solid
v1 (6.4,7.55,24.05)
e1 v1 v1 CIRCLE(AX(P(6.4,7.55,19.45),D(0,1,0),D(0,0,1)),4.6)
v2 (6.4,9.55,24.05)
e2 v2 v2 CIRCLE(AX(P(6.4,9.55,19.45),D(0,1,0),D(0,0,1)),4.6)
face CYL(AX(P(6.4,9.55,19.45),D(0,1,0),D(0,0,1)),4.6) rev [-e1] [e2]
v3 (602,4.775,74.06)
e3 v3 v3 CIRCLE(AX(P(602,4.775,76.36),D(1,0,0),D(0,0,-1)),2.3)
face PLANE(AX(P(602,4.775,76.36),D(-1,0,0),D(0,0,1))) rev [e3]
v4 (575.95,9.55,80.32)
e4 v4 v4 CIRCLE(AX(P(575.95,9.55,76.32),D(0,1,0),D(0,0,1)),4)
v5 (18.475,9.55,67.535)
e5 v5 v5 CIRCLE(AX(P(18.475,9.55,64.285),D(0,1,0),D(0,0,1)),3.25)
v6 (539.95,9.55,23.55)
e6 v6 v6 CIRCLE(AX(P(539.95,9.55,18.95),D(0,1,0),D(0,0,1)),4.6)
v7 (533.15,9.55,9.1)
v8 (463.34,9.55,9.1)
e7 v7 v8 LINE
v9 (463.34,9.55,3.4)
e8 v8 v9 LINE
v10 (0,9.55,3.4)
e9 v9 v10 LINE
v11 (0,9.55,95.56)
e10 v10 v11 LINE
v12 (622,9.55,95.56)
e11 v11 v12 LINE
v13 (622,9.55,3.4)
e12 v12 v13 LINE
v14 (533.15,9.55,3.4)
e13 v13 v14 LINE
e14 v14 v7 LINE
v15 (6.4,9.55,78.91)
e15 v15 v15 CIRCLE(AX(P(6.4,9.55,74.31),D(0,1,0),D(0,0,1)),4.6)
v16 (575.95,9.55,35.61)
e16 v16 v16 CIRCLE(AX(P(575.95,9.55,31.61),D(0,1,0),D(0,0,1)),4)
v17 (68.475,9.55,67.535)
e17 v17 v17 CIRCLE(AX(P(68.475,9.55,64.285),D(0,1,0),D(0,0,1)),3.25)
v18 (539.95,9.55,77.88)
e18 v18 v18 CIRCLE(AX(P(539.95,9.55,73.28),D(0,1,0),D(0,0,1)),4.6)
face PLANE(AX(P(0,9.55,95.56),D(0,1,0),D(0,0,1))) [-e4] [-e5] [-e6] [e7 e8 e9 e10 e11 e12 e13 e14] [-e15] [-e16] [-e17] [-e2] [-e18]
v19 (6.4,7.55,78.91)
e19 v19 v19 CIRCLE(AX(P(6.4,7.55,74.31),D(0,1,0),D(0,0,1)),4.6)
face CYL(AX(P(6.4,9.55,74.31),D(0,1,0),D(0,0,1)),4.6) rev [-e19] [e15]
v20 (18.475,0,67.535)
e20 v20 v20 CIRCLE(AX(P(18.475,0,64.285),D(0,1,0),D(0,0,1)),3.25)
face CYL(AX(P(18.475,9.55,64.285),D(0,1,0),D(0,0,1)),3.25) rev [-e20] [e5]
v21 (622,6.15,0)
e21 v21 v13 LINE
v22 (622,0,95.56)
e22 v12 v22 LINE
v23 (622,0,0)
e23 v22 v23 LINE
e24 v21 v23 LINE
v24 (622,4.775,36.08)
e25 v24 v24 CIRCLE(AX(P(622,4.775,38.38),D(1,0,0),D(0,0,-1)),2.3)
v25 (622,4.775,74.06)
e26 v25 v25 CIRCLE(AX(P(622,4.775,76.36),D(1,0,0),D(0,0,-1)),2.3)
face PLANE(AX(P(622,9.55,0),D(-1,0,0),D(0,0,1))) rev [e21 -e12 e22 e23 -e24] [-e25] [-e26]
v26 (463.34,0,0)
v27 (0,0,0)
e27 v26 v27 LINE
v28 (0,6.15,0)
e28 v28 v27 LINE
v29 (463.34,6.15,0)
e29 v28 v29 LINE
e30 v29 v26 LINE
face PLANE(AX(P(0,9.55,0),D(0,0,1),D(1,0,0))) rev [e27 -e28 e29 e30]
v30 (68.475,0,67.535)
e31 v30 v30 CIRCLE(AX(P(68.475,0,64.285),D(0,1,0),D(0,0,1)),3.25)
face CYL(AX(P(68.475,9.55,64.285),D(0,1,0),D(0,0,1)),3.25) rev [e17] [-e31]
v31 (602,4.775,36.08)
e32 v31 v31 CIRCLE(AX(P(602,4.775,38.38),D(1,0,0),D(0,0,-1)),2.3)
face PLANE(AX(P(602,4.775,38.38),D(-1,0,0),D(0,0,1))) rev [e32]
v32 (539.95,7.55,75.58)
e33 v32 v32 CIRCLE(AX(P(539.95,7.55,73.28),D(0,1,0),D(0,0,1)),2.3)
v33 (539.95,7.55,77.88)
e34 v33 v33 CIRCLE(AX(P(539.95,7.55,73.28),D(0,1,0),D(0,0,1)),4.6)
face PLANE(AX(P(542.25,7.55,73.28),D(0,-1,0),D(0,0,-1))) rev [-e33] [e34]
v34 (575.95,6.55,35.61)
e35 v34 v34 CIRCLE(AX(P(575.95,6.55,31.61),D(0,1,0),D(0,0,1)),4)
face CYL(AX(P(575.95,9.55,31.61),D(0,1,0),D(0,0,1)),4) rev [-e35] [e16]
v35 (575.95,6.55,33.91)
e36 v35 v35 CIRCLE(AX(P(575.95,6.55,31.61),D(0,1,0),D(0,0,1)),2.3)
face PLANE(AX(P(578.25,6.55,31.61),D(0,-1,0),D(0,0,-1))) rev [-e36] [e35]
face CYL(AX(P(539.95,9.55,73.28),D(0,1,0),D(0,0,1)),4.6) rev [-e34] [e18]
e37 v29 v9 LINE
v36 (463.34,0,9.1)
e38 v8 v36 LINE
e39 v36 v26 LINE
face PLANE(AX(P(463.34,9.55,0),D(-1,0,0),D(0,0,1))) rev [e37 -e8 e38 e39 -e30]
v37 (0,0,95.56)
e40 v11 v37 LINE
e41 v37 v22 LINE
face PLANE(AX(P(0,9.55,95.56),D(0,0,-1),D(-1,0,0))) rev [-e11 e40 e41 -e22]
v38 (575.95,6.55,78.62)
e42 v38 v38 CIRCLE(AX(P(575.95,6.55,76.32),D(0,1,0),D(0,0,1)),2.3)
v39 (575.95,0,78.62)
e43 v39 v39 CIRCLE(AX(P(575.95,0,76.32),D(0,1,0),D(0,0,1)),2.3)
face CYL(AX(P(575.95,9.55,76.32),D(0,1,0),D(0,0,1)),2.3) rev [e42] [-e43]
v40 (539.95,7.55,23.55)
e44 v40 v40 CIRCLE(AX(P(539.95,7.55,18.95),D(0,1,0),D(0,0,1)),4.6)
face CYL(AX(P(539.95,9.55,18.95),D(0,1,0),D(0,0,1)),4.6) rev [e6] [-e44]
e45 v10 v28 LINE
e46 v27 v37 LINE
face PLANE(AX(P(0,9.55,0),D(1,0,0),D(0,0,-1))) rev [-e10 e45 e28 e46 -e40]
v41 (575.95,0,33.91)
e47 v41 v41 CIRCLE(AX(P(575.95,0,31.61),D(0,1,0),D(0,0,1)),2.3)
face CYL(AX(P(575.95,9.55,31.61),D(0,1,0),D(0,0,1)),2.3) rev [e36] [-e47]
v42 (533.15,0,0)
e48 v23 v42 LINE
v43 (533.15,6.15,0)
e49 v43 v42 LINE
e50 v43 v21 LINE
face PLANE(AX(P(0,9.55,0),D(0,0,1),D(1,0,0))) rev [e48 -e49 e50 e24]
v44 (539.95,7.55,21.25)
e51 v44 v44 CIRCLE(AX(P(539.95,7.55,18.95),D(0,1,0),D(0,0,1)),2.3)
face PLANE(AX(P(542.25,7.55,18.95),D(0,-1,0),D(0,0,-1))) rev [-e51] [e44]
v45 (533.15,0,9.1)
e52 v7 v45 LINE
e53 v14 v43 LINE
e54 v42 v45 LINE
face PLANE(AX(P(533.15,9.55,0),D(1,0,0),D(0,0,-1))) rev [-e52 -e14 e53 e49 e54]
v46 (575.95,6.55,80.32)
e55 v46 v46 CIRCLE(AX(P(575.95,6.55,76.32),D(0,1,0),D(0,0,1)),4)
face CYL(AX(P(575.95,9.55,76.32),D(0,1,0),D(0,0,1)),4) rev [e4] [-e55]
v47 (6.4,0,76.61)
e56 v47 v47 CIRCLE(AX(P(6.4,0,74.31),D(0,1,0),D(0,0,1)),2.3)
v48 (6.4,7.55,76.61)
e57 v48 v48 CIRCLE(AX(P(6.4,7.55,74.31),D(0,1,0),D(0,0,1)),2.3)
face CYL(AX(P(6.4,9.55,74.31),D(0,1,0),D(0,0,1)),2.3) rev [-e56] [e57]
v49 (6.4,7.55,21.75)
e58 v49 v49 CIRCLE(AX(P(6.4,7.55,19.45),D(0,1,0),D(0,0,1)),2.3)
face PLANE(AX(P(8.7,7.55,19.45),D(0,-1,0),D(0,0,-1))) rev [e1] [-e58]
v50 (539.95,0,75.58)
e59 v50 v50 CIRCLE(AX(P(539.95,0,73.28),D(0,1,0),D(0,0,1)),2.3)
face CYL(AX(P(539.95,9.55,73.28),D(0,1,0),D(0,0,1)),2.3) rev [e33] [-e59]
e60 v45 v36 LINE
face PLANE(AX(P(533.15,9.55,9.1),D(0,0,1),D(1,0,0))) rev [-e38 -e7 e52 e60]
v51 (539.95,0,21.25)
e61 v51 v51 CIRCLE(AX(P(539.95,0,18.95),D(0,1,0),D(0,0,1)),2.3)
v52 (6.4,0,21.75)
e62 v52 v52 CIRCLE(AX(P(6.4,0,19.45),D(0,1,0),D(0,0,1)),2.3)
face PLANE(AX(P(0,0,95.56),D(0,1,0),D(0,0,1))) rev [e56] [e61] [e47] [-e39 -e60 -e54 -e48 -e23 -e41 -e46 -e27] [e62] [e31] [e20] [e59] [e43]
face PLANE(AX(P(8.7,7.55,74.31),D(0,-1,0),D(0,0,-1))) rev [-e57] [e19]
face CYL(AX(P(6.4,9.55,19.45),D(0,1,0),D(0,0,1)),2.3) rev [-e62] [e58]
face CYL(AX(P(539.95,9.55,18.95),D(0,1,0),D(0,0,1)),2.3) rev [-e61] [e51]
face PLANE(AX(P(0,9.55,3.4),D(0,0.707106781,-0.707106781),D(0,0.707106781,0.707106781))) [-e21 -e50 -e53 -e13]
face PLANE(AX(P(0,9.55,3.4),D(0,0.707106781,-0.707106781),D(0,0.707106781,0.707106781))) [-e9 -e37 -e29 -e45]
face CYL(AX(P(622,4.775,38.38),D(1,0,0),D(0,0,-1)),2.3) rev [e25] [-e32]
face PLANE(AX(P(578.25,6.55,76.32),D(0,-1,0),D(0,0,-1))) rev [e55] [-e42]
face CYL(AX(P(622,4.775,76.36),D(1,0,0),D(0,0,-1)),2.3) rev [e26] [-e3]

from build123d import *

# Parameters (mm, degrees)
SKETCH1_W           = 622
SKETCH1_H           = 95.56
BOSS_EXTRUDE1_DEPTH = 9.55
HOLE2_D             = 6.5
HOLE5_D             = 4.6
HOLE5_CBORE_D       = 9.2
HOLE5_CBORE_DEPTH   = 2
HOLE6_D             = 4.6
HOLE6_CBORE_D       = 8
HOLE6_CBORE_DEPTH   = 3
CHAMFER1_SIZE       = 3.4
SKETCH16_W          = 69.81
SKETCH16_H          = 9.1
CUT_EXTRUDE1_DEPTH  = 630.370253587
HOLE7_D             = 4.6
HOLE7_DEPTH         = 20


with BuildPart() as part:
    # Sketch1 → Boss-Extrude1 (new body)
    with BuildSketch(Plane(origin=(0, 0, 0), x_dir=(1, 0, 0), z_dir=(0, 1, 0))):
        with Locations((311, -47.78)):
            Rectangle(SKETCH1_W, SKETCH1_H)
    extrude(amount=BOSS_EXTRUDE1_DEPTH)

    # Hole2 (through all)
    with Locations(Plane(origin=(0, 9.55, 0), x_dir=(-1, 0, 0), z_dir=(0, 1, 0))):
        with Locations((-18.475, 64.285), (-68.475, 64.285)):
            Hole(HOLE2_D / 2)

    # Hole5 (through all)
    with Locations(Plane(origin=(0, 9.55, 0), x_dir=(-1, 0, 0), z_dir=(0, 1, 0))):
        with Locations((-6.4, 19.45), (-6.4, 74.31), (-539.95, 18.95), (-539.95, 73.28)):
            CounterBoreHole(HOLE5_D / 2, HOLE5_CBORE_D / 2, HOLE5_CBORE_DEPTH)

    # Hole6 (through all)
    with Locations(Plane(origin=(0, 9.55, 0), x_dir=(-1, 0, 0), z_dir=(0, 1, 0))):
        with Locations((-575.95, 31.61), (-575.95, 76.32)):
            CounterBoreHole(HOLE6_D / 2, HOLE6_CBORE_D / 2, HOLE6_CBORE_DEPTH)

    # Chamfer1
    chamfer1_edges = [part.edges().sort_by_distance(p)[0] for p in [
        (311, 9.55, 0),
    ]]
    chamfer(chamfer1_edges, length=CHAMFER1_SIZE)

    # Sketch16 → Cut-Extrude1 (cut, through all)
    with BuildSketch(Plane.XZ):
        with Locations((498.245, 4.55)):
            Rectangle(SKETCH16_W, SKETCH16_H)
    extrude(amount=-CUT_EXTRUDE1_DEPTH, mode=Mode.SUBTRACT)

    # Hole7
    with Locations(Plane(origin=(622, 0, 0), x_dir=(0, 0, -1), z_dir=(1, 0, 0))):
        with Locations((-76.36, 4.775), (-38.38, 4.775)):
            Hole(HOLE7_D / 2, depth=HOLE7_DEPTH)


solid = part.part
